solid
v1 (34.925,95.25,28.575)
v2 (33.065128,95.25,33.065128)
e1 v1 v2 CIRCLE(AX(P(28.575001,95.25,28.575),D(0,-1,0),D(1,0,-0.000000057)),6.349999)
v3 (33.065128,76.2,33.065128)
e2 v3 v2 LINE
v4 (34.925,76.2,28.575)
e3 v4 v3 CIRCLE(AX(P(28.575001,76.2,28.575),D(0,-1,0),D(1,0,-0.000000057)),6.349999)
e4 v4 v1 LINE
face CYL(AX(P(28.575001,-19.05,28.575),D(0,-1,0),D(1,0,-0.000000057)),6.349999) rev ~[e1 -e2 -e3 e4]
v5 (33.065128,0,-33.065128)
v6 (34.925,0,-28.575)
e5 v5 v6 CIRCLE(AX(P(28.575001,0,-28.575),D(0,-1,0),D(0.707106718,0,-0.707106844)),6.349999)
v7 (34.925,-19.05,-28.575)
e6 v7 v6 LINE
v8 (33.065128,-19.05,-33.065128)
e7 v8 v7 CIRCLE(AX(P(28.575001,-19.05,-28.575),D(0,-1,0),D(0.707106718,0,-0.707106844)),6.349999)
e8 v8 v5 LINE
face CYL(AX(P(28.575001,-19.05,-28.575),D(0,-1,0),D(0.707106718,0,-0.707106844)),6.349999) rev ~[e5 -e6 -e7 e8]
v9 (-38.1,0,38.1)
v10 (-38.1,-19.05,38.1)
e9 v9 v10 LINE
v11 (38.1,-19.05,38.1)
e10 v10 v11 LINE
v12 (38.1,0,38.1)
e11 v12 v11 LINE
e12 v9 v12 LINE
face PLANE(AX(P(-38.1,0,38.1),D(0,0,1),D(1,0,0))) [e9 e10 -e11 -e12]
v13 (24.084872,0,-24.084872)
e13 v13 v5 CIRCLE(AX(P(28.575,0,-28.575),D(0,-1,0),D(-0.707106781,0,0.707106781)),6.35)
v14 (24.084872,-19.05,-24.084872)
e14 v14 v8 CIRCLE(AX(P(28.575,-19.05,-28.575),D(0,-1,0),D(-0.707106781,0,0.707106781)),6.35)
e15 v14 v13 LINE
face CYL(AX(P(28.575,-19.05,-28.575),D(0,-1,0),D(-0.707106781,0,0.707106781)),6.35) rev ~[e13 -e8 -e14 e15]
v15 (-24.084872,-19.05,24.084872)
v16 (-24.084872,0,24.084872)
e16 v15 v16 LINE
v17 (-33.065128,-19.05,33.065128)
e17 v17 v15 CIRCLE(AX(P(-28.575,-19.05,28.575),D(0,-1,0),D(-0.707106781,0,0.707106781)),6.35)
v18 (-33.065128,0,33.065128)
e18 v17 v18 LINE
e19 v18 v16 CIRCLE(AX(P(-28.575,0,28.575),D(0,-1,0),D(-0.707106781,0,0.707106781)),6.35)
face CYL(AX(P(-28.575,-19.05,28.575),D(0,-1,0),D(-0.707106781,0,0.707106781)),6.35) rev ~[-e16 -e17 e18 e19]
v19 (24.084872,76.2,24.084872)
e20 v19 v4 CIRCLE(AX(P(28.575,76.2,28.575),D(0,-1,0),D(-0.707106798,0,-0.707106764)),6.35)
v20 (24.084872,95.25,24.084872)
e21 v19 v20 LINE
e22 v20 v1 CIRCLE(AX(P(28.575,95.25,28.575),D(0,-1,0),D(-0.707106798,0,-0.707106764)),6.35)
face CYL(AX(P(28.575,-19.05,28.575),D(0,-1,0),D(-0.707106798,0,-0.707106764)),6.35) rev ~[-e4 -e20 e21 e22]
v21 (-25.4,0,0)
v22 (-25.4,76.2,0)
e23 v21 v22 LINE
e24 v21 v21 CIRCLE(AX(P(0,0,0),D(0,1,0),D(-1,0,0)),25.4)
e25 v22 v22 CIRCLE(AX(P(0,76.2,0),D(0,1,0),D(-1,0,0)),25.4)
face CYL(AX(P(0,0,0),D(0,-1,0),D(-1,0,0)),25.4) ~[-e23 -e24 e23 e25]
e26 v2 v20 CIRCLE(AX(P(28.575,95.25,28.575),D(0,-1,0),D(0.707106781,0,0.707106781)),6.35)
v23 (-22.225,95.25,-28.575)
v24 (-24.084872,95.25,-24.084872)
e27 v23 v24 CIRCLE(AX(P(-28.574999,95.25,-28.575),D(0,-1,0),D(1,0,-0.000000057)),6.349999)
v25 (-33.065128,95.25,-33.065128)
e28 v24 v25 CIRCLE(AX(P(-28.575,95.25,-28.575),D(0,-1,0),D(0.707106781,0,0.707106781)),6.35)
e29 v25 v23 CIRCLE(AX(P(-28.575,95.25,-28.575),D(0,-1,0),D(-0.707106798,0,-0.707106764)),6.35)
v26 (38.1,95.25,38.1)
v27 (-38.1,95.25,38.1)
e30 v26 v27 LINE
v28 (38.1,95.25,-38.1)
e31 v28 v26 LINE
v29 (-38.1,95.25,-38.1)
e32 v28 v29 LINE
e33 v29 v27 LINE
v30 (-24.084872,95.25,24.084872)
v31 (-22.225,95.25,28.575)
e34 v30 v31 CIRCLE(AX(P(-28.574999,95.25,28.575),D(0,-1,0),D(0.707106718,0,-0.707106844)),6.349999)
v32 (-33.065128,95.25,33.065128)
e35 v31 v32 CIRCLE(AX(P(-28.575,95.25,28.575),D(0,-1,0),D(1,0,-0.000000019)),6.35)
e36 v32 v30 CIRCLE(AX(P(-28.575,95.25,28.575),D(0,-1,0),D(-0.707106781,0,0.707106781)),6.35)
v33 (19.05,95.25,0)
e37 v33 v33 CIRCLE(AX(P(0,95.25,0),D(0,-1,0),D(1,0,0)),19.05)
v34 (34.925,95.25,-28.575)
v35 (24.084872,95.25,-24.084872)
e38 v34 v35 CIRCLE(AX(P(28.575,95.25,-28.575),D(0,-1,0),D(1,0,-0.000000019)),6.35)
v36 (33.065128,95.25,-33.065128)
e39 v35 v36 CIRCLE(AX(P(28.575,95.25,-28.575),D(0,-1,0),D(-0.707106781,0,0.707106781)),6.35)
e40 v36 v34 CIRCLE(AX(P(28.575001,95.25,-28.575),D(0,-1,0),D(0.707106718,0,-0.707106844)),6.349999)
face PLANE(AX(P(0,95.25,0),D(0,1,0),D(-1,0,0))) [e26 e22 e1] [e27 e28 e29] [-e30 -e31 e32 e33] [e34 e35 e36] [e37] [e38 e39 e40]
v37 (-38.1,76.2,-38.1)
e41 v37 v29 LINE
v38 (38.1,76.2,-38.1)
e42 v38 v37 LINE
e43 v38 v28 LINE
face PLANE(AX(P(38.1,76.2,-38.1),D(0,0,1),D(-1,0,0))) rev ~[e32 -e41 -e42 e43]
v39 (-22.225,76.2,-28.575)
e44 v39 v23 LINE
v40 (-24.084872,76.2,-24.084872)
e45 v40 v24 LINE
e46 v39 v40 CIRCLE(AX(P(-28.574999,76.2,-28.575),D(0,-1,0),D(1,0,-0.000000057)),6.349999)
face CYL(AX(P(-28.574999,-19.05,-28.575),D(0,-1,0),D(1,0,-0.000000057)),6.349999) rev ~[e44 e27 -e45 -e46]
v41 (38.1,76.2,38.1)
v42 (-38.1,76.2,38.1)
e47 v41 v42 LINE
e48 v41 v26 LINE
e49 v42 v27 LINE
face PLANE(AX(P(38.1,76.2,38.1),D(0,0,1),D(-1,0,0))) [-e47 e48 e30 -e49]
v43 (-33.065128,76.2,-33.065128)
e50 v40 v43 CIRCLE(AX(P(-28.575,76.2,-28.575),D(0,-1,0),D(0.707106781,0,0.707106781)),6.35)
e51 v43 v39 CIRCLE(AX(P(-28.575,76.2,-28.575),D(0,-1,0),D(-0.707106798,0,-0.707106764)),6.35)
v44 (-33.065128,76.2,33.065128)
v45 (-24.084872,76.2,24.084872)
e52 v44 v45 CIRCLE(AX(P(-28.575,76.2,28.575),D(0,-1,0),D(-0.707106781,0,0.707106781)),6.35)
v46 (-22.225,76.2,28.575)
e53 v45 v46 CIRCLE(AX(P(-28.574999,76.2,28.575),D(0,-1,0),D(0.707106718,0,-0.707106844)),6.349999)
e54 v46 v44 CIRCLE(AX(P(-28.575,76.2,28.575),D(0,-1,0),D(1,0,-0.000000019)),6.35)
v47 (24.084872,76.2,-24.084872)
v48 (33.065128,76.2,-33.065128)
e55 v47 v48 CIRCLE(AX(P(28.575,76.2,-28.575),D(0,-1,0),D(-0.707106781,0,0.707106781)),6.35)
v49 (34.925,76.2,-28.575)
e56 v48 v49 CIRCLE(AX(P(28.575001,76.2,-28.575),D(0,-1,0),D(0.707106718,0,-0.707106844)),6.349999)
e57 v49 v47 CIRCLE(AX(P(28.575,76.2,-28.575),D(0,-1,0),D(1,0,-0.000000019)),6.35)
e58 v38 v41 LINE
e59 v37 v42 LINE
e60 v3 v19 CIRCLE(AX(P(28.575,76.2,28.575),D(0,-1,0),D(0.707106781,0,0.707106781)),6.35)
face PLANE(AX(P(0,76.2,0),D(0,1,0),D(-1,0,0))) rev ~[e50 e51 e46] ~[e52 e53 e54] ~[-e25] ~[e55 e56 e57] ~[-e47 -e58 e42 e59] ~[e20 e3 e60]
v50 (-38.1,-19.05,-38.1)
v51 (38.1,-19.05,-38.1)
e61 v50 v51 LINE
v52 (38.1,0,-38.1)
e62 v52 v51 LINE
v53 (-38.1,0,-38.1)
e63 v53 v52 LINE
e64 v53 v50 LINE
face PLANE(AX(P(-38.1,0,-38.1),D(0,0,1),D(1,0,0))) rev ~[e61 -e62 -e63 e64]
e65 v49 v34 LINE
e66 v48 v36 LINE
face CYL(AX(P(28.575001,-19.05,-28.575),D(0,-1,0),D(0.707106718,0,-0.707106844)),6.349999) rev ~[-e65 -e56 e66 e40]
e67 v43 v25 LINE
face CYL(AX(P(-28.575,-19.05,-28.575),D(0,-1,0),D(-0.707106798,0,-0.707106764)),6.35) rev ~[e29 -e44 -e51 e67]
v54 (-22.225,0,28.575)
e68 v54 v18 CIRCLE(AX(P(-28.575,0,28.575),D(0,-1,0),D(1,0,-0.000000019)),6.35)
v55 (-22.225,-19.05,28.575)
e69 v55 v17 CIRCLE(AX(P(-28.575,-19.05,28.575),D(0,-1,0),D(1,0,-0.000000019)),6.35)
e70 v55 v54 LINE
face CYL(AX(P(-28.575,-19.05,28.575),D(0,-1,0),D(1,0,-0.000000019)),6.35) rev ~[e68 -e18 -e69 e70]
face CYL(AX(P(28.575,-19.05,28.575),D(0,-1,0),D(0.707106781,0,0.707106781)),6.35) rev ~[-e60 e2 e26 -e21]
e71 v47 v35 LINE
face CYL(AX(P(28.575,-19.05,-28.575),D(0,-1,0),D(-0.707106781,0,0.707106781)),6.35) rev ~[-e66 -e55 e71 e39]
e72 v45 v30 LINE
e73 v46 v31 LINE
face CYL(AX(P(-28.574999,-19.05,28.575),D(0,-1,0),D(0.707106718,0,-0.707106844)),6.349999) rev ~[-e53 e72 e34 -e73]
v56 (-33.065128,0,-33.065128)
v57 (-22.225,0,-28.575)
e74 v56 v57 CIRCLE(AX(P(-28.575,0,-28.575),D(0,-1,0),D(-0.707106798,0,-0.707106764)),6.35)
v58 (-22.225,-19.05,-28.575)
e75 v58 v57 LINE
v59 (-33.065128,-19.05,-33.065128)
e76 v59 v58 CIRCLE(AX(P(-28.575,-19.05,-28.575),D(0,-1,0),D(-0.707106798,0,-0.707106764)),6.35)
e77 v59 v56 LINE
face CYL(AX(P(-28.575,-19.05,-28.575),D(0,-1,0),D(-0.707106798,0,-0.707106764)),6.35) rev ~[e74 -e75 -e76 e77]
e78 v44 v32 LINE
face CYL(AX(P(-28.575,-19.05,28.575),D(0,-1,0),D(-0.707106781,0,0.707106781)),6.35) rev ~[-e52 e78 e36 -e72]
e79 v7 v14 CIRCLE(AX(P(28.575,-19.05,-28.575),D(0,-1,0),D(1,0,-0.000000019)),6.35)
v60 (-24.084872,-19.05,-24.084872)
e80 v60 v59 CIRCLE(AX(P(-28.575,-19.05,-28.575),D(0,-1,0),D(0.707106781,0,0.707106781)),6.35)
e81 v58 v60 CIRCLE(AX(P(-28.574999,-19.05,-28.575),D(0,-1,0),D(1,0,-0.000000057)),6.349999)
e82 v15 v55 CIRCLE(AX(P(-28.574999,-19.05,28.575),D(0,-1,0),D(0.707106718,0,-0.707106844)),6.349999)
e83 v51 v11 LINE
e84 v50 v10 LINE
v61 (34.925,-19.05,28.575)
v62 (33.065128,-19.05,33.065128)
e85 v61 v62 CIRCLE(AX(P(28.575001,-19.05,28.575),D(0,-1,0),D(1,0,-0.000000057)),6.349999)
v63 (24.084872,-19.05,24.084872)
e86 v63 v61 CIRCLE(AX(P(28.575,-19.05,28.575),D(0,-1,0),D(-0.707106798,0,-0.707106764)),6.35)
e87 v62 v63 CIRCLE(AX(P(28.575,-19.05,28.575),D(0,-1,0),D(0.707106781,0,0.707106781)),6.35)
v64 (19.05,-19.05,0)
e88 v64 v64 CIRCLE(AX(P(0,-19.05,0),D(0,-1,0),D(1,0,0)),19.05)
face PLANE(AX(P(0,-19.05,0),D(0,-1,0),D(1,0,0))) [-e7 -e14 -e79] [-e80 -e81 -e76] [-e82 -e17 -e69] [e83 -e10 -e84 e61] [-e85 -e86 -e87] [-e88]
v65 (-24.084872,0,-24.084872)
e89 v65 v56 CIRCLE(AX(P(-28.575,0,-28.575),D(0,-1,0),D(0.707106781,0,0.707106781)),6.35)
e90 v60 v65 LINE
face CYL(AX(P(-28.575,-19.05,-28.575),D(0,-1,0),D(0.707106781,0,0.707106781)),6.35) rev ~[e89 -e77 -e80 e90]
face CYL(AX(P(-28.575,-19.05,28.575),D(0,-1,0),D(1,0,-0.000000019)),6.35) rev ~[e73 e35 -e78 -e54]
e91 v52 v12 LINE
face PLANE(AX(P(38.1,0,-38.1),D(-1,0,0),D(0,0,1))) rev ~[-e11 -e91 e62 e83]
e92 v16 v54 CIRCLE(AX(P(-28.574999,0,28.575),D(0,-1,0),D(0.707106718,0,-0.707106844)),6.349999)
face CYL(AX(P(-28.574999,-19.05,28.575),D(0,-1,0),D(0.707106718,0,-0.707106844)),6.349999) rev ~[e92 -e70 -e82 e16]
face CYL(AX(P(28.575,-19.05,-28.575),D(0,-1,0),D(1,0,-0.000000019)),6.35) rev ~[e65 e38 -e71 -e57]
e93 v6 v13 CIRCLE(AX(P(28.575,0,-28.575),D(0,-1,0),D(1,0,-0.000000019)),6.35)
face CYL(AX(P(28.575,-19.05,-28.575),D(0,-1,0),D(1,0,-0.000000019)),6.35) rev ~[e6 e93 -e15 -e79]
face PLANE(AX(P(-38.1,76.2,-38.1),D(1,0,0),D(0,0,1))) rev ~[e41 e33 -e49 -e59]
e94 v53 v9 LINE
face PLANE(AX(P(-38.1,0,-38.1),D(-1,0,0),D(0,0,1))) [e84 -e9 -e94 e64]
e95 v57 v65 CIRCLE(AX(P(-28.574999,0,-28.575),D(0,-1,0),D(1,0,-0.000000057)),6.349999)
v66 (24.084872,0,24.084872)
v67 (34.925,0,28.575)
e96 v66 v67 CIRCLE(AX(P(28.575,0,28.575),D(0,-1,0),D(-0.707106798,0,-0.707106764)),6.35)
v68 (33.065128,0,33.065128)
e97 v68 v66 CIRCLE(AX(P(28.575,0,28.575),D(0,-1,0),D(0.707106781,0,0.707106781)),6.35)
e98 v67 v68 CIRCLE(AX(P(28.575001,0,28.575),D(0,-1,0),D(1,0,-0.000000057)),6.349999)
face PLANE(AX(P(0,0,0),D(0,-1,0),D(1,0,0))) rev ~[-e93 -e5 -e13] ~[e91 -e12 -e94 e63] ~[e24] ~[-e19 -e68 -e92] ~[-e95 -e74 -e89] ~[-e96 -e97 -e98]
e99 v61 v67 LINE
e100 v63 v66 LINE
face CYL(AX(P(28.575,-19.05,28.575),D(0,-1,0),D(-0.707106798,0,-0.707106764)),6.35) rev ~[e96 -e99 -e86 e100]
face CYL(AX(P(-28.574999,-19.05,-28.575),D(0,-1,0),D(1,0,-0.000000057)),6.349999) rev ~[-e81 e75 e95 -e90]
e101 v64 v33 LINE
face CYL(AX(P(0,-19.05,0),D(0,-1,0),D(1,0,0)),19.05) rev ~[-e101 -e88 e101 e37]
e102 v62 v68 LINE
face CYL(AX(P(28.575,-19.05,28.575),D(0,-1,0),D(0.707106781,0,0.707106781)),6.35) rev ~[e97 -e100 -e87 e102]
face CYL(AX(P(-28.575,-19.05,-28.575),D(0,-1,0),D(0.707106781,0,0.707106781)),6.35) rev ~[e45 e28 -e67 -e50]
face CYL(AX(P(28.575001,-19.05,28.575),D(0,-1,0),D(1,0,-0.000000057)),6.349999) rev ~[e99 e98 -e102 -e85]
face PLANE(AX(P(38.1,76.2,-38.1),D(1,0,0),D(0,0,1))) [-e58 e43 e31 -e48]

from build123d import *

# Parameters (mm, degrees)
F0_W      = 76.2
F0_H      = 76.2
F1_DEPTH  = 19.05
F2_R      = 25.4
F3_DEPTH  = 76.2
F4_W      = 76.2
F4_H      = 76.2
F5_DEPTH  = 19.05
F6_R      = 19.05
F7_DEPTH  = 122.174
F9_DEPTH  = 125.222
F11_DEPTH = 131.826
F13_DEPTH = 129.54
F15_DEPTH = 127


with BuildPart() as f1:
    # F0 (on Front) → F1 (new body)
    with BuildSketch(Plane.XZ):
        Rectangle(F0_W, F0_H)
    extrude(amount=F1_DEPTH)

    # F2 (on face) → F3 (join)
    with BuildSketch(Plane(origin=(0, 0, 0), x_dir=(-1, 0, 0), z_dir=(0, 1, 0))):
        Circle(F2_R)
    extrude(amount=F3_DEPTH)

    # F4 (on face) → F5 (join)
    with BuildSketch(Plane(origin=(0, 76.2, 0), x_dir=(-1, 0, 0), z_dir=(0, 1, 0))):
        Rectangle(F4_W, F4_H)
    extrude(amount=F5_DEPTH)

    # F6 (on face) → F7 (cut)
    with BuildSketch(Plane.XZ.offset(19.05)):
        Circle(F6_R)
    extrude(amount=-F7_DEPTH, mode=Mode.SUBTRACT)

    # F8 (on face) → F9 (cut)
    with BuildSketch(Plane.XZ.offset(19.05)):
        with BuildLine():
            ThreePointArc((-22.225, 28.575), (-26.14496, 34.441635), (-33.065128, 33.065128))
            Line((-33.065128, 33.065128), (-24.084872, 24.084872))
            ThreePointArc((-24.084872, 24.084872), (-22.708365, 26.14496), (-22.225, 28.575))
        make_face()
        with BuildLine():
            Line((-24.084872, 24.084872), (-33.065128, 33.065128))
            ThreePointArc((-33.065128, 33.065128), (-33.065128, 24.084872), (-24.084872, 24.084872))
        make_face()
    extrude(amount=-F9_DEPTH, mode=Mode.SUBTRACT)

    # F10 (on face) → F11 (cut)
    with BuildSketch(Plane.XZ.offset(19.05)):
        with BuildLine():
            ThreePointArc((34.925, 28.575), (34.441635, 31.00504), (33.065128, 33.065128))
            Line((33.065128, 33.065128), (24.084872, 24.084872))
            ThreePointArc((24.084872, 24.084872), (31.00504, 22.708365), (34.925, 28.575))
        make_face()
        with BuildLine():
            Line((24.084872, 24.084872), (33.065128, 33.065128))
            ThreePointArc((33.065128, 33.065128), (24.084872, 33.065128), (24.084872, 24.084872))
        make_face()
    extrude(amount=-F11_DEPTH, mode=Mode.SUBTRACT)

    # F12 (on face) → F13 (cut)
    with BuildSketch(Plane.XZ.offset(19.05)):
        with BuildLine():
            ThreePointArc((-24.084872, -24.084872), (-33.065128, -24.084872), (-33.065128, -33.065128))
            Line((-33.065128, -33.065128), (-24.084872, -24.084872))
        make_face()
        with BuildLine():
            Line((-24.084872, -24.084872), (-33.065128, -33.065128))
            ThreePointArc((-33.065128, -33.065128), (-26.14496, -34.441635), (-22.225, -28.575))
            ThreePointArc((-22.225, -28.575), (-22.708365, -26.14496), (-24.084872, -24.084872))
        make_face()
    extrude(amount=-F13_DEPTH, mode=Mode.SUBTRACT)

    # F14 (on face) → F15 (cut)
    with BuildSketch(Plane.XZ.offset(19.05)):
        with BuildLine():
            ThreePointArc((34.925, -28.575), (31.00504, -22.708365), (24.084872, -24.084872))
            Line((24.084872, -24.084872), (33.065128, -33.065128))
            ThreePointArc((33.065128, -33.065128), (34.441635, -31.00504), (34.925, -28.575))
        make_face()
        with BuildLine():
            Line((33.065128, -33.065128), (24.084872, -24.084872))
            ThreePointArc((24.084872, -24.084872), (24.084872, -33.065128), (33.065128, -33.065128))
        make_face()
    extrude(amount=-F15_DEPTH, mode=Mode.SUBTRACT)


solid = f1.part
